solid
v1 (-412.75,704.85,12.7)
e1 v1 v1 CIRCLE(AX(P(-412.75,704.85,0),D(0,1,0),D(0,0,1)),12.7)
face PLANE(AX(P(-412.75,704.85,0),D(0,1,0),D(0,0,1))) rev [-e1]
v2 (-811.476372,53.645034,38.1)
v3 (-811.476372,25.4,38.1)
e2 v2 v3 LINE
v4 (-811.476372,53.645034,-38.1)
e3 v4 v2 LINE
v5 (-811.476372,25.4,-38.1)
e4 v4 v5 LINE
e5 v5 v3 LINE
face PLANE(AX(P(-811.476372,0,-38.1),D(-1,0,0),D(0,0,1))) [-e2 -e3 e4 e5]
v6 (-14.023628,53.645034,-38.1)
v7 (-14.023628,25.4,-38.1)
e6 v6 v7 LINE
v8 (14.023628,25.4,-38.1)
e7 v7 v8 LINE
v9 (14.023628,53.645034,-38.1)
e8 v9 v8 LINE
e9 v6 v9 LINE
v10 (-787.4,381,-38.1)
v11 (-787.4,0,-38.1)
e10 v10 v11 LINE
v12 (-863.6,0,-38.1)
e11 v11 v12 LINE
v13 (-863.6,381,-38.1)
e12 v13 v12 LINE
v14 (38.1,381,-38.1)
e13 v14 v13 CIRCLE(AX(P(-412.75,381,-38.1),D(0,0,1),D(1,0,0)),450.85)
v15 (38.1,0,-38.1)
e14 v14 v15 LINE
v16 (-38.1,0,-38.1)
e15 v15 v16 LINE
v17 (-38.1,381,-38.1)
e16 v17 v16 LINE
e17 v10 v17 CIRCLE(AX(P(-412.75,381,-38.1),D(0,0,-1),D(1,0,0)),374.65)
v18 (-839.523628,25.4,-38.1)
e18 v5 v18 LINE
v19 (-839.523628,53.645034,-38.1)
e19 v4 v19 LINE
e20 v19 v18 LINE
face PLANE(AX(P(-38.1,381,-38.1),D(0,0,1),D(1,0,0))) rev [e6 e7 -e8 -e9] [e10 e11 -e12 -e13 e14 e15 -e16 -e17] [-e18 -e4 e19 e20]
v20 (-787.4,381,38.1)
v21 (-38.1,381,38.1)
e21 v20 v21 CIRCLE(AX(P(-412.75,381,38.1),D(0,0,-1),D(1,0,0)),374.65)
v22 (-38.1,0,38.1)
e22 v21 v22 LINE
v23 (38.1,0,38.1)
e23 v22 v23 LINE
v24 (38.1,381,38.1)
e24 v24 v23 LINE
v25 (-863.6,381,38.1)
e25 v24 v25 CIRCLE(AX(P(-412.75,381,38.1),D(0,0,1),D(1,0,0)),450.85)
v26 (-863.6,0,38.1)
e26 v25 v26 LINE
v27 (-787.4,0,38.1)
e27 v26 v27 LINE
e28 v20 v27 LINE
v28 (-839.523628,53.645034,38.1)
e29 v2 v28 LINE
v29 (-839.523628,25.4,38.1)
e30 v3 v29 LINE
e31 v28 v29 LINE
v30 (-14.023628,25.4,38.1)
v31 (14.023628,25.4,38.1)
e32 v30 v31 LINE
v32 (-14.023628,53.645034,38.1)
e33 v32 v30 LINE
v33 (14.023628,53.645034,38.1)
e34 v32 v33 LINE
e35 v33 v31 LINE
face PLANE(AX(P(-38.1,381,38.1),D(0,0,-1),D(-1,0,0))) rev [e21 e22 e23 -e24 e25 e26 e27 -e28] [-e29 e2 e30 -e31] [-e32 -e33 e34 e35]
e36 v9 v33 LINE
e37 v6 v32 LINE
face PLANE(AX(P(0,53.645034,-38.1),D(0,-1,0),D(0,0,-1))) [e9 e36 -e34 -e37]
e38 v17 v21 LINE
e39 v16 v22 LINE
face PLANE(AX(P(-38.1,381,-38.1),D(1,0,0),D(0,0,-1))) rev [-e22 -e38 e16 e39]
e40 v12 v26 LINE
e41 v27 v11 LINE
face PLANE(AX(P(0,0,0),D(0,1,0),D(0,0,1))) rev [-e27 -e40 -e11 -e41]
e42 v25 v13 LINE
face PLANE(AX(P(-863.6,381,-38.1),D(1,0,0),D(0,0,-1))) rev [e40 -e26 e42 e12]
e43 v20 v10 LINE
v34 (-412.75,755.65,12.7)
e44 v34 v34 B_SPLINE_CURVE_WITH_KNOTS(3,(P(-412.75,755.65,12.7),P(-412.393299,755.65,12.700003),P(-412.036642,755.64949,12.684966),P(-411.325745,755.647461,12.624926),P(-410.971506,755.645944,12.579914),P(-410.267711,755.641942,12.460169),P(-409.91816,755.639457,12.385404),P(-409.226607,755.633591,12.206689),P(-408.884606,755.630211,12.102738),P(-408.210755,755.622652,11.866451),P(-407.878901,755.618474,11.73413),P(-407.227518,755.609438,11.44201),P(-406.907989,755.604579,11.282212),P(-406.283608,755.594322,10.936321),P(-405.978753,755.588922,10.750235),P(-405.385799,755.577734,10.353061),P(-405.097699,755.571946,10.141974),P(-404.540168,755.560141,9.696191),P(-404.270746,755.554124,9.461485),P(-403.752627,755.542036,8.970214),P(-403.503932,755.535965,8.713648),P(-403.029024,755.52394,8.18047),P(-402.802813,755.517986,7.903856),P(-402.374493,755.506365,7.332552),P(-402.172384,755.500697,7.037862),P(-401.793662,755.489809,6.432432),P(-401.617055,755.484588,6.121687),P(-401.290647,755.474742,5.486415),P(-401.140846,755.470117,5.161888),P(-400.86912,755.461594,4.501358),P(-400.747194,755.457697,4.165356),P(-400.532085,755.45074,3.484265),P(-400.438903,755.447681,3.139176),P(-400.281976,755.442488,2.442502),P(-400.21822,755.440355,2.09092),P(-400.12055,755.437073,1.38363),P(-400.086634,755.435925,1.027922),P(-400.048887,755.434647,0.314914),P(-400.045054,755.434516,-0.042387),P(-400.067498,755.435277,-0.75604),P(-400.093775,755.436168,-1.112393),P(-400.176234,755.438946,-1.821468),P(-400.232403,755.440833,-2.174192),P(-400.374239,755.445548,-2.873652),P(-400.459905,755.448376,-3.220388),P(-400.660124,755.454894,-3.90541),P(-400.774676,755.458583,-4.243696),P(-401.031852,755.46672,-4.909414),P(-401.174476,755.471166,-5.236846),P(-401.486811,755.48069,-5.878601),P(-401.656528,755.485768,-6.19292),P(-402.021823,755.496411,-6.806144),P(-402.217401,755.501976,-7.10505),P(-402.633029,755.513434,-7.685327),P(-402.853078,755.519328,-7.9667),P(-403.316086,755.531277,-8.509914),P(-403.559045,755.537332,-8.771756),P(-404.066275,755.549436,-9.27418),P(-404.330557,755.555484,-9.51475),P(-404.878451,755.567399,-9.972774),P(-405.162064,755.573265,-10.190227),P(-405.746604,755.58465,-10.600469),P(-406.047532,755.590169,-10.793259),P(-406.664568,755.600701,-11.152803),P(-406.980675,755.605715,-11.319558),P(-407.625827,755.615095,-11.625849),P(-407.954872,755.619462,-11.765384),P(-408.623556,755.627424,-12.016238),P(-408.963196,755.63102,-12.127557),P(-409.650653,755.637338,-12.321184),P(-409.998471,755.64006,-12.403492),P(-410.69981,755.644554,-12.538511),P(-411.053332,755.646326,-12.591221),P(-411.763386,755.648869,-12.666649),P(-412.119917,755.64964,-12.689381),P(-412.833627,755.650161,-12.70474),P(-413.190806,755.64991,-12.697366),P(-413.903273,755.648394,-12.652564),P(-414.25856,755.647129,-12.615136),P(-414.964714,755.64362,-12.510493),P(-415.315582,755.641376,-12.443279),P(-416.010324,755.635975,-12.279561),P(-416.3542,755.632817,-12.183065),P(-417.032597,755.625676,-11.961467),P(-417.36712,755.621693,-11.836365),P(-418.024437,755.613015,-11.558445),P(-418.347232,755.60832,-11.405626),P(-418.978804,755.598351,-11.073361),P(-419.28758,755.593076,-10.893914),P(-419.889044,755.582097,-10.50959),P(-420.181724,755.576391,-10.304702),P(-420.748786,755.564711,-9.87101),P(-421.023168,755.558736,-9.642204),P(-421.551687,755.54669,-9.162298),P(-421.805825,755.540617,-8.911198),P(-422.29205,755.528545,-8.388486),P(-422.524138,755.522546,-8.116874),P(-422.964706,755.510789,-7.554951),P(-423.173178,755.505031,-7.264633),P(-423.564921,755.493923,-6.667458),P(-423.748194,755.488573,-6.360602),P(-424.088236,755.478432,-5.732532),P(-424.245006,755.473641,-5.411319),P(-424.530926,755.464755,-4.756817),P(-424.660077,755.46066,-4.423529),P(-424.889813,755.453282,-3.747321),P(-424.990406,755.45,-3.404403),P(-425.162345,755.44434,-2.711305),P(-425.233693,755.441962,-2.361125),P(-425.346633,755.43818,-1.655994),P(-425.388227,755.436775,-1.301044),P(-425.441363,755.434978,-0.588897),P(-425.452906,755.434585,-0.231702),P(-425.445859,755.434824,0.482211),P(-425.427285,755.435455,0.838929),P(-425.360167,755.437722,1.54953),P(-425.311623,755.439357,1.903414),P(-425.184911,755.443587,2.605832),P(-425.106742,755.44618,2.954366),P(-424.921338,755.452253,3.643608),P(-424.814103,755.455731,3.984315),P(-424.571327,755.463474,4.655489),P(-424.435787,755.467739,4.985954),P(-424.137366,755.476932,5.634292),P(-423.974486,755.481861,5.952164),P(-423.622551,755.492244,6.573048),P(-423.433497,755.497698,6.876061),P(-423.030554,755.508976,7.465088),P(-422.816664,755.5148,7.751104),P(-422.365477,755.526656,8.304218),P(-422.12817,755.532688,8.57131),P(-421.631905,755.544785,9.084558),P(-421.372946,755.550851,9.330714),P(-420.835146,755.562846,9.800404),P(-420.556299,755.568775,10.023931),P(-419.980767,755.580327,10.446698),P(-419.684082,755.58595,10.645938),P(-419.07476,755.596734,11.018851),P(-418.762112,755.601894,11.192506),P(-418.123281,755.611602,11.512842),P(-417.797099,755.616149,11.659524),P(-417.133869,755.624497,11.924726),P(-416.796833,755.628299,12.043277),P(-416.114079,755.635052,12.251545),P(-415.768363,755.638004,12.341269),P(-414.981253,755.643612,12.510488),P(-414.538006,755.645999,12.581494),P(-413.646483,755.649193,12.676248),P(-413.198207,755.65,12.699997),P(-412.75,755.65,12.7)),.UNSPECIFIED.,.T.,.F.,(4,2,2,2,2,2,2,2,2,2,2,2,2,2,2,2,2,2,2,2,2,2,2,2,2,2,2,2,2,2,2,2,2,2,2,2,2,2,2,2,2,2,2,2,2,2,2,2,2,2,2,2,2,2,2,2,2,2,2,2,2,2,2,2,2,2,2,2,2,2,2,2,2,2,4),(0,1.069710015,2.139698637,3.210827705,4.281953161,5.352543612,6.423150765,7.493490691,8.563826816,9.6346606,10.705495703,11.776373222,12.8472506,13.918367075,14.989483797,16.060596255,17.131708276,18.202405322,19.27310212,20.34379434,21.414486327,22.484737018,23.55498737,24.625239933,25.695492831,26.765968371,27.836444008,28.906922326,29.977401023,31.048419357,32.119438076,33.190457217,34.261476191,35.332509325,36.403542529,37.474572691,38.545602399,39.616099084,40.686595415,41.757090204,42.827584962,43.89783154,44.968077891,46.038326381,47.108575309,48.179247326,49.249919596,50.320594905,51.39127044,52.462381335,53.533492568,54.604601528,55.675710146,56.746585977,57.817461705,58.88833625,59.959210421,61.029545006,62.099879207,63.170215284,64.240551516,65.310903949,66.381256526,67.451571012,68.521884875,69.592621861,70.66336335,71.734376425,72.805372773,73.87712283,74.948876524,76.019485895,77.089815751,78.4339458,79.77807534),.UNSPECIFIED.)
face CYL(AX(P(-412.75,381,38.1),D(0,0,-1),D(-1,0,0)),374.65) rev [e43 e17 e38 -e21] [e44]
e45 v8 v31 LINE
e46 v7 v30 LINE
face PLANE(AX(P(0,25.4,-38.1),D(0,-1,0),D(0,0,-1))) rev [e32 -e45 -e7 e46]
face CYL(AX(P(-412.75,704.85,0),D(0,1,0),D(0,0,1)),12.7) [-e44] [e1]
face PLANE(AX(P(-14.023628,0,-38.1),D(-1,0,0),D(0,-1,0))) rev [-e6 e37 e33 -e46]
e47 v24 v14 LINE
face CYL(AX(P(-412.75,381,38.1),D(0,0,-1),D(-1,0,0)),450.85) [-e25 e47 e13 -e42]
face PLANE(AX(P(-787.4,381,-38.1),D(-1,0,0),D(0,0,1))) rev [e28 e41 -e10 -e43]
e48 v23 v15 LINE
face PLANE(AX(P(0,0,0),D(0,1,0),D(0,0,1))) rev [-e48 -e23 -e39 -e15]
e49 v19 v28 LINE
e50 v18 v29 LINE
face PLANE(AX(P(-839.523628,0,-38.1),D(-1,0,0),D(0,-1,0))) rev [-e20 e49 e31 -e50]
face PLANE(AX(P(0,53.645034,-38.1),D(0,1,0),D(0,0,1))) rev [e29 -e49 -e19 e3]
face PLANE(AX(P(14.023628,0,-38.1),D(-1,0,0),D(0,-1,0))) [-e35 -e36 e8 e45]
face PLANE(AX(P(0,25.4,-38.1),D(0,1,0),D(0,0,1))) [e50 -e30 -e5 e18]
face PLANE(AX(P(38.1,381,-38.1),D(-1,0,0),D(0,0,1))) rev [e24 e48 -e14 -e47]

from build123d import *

# Parameters (mm, degrees)
SKETCH1_W                = 76.2
SKETCH1_H                = 76.2
BOSS_EXTRUDE1_DEPTH      = 381
BOSS_EXTRUDE1_2_DEPTH    = 381
CUT_EXTRUDE1_DEPTH       = 945.678553795
CUT_EXTRUDE1_DEPTH_BACK  = 945.678553795
SKETCH3_W                = 28.047256614
SKETCH3_H                = 28.245033948
BOSS_EXTRUDE2_DEPTH      = 38.1
BOSS_EXTRUDE2_DEPTH_BACK = 38.1
SKETCH5_R                = 12.7
BOSS_EXTRUDE3_DEPTH      = 50.8


with BuildPart() as part:
    # Sketch1 → Boss-Extrude1 (new body)
    with BuildSketch(Plane(origin=(0, 0, 0), x_dir=(1, 0, 0), z_dir=(0, 1, 0))):
        Rectangle(SKETCH1_W, SKETCH1_H)
    extrude(amount=BOSS_EXTRUDE1_DEPTH)


with BuildPart() as body_2:
    # Sketch1 → Boss-Extrude1 2 (new body)
    with BuildSketch(Plane(origin=(0, 0, 0), x_dir=(1, 0, 0), z_dir=(0, 1, 0))):
        with Locations((-825.5, 0)):
            Rectangle(SKETCH1_W, SKETCH1_H)
    extrude(amount=BOSS_EXTRUDE1_2_DEPTH)


with BuildPart() as cut_extrude1_tool:
    # Sketch3 → Cut-Extrude1 (new, two sides: drawn at the far end of the back side and taken through both)
    with BuildSketch(Plane.XY.offset(-CUT_EXTRUDE1_DEPTH_BACK)):
        with Locations((-825.5, 39.522516974)):
            Rectangle(SKETCH3_W, SKETCH3_H)
        with Locations((0, 39.522516974)):
            Rectangle(SKETCH3_W, SKETCH3_H)
    extrude(amount=CUT_EXTRUDE1_DEPTH + CUT_EXTRUDE1_DEPTH_BACK)


with BuildPart() as part_1:
    add(part.part)

    # Cut-Extrude1: cut by cut_extrude1_tool
    add(cut_extrude1_tool.part, mode=Mode.SUBTRACT)



with BuildPart() as body_2_1:
    add(body_2.part)

    # Cut-Extrude1: cut by cut_extrude1_tool
    add(cut_extrude1_tool.part, mode=Mode.SUBTRACT)


with BuildPart() as part_2:
    add(part_1.part)

    add(body_2_1.part)  # Boss-Extrude2 merges body 2
    # Sketch4 → Boss-Extrude2 (add, two sides: drawn at the far end of the back side and taken through both)
    with BuildSketch(Plane.XY.offset(-BOSS_EXTRUDE2_DEPTH_BACK)):
        with BuildLine():
            Line((-863.6, 381), (-787.4, 381))
            ThreePointArc((-787.4, 381), (-412.75, 755.65), (-38.1, 381))
            Line((-38.1, 381), (38.1, 381))
            ThreePointArc((38.1, 381), (-412.75, 831.85), (-863.6, 381))
        make_face()
    extrude(amount=BOSS_EXTRUDE2_DEPTH + BOSS_EXTRUDE2_DEPTH_BACK)

    # Sketch5 → Boss-Extrude3 (add)
    with BuildSketch(Plane(origin=(0, 755.65, 0), x_dir=(1, 0, 0), z_dir=(0, 1, 0))):
        with Locations(Location((-412.75, 0, 0), (0, 0, 270))):
            Circle(SKETCH5_R)
    extrude(amount=-BOSS_EXTRUDE3_DEPTH)


solid = part_2.part
